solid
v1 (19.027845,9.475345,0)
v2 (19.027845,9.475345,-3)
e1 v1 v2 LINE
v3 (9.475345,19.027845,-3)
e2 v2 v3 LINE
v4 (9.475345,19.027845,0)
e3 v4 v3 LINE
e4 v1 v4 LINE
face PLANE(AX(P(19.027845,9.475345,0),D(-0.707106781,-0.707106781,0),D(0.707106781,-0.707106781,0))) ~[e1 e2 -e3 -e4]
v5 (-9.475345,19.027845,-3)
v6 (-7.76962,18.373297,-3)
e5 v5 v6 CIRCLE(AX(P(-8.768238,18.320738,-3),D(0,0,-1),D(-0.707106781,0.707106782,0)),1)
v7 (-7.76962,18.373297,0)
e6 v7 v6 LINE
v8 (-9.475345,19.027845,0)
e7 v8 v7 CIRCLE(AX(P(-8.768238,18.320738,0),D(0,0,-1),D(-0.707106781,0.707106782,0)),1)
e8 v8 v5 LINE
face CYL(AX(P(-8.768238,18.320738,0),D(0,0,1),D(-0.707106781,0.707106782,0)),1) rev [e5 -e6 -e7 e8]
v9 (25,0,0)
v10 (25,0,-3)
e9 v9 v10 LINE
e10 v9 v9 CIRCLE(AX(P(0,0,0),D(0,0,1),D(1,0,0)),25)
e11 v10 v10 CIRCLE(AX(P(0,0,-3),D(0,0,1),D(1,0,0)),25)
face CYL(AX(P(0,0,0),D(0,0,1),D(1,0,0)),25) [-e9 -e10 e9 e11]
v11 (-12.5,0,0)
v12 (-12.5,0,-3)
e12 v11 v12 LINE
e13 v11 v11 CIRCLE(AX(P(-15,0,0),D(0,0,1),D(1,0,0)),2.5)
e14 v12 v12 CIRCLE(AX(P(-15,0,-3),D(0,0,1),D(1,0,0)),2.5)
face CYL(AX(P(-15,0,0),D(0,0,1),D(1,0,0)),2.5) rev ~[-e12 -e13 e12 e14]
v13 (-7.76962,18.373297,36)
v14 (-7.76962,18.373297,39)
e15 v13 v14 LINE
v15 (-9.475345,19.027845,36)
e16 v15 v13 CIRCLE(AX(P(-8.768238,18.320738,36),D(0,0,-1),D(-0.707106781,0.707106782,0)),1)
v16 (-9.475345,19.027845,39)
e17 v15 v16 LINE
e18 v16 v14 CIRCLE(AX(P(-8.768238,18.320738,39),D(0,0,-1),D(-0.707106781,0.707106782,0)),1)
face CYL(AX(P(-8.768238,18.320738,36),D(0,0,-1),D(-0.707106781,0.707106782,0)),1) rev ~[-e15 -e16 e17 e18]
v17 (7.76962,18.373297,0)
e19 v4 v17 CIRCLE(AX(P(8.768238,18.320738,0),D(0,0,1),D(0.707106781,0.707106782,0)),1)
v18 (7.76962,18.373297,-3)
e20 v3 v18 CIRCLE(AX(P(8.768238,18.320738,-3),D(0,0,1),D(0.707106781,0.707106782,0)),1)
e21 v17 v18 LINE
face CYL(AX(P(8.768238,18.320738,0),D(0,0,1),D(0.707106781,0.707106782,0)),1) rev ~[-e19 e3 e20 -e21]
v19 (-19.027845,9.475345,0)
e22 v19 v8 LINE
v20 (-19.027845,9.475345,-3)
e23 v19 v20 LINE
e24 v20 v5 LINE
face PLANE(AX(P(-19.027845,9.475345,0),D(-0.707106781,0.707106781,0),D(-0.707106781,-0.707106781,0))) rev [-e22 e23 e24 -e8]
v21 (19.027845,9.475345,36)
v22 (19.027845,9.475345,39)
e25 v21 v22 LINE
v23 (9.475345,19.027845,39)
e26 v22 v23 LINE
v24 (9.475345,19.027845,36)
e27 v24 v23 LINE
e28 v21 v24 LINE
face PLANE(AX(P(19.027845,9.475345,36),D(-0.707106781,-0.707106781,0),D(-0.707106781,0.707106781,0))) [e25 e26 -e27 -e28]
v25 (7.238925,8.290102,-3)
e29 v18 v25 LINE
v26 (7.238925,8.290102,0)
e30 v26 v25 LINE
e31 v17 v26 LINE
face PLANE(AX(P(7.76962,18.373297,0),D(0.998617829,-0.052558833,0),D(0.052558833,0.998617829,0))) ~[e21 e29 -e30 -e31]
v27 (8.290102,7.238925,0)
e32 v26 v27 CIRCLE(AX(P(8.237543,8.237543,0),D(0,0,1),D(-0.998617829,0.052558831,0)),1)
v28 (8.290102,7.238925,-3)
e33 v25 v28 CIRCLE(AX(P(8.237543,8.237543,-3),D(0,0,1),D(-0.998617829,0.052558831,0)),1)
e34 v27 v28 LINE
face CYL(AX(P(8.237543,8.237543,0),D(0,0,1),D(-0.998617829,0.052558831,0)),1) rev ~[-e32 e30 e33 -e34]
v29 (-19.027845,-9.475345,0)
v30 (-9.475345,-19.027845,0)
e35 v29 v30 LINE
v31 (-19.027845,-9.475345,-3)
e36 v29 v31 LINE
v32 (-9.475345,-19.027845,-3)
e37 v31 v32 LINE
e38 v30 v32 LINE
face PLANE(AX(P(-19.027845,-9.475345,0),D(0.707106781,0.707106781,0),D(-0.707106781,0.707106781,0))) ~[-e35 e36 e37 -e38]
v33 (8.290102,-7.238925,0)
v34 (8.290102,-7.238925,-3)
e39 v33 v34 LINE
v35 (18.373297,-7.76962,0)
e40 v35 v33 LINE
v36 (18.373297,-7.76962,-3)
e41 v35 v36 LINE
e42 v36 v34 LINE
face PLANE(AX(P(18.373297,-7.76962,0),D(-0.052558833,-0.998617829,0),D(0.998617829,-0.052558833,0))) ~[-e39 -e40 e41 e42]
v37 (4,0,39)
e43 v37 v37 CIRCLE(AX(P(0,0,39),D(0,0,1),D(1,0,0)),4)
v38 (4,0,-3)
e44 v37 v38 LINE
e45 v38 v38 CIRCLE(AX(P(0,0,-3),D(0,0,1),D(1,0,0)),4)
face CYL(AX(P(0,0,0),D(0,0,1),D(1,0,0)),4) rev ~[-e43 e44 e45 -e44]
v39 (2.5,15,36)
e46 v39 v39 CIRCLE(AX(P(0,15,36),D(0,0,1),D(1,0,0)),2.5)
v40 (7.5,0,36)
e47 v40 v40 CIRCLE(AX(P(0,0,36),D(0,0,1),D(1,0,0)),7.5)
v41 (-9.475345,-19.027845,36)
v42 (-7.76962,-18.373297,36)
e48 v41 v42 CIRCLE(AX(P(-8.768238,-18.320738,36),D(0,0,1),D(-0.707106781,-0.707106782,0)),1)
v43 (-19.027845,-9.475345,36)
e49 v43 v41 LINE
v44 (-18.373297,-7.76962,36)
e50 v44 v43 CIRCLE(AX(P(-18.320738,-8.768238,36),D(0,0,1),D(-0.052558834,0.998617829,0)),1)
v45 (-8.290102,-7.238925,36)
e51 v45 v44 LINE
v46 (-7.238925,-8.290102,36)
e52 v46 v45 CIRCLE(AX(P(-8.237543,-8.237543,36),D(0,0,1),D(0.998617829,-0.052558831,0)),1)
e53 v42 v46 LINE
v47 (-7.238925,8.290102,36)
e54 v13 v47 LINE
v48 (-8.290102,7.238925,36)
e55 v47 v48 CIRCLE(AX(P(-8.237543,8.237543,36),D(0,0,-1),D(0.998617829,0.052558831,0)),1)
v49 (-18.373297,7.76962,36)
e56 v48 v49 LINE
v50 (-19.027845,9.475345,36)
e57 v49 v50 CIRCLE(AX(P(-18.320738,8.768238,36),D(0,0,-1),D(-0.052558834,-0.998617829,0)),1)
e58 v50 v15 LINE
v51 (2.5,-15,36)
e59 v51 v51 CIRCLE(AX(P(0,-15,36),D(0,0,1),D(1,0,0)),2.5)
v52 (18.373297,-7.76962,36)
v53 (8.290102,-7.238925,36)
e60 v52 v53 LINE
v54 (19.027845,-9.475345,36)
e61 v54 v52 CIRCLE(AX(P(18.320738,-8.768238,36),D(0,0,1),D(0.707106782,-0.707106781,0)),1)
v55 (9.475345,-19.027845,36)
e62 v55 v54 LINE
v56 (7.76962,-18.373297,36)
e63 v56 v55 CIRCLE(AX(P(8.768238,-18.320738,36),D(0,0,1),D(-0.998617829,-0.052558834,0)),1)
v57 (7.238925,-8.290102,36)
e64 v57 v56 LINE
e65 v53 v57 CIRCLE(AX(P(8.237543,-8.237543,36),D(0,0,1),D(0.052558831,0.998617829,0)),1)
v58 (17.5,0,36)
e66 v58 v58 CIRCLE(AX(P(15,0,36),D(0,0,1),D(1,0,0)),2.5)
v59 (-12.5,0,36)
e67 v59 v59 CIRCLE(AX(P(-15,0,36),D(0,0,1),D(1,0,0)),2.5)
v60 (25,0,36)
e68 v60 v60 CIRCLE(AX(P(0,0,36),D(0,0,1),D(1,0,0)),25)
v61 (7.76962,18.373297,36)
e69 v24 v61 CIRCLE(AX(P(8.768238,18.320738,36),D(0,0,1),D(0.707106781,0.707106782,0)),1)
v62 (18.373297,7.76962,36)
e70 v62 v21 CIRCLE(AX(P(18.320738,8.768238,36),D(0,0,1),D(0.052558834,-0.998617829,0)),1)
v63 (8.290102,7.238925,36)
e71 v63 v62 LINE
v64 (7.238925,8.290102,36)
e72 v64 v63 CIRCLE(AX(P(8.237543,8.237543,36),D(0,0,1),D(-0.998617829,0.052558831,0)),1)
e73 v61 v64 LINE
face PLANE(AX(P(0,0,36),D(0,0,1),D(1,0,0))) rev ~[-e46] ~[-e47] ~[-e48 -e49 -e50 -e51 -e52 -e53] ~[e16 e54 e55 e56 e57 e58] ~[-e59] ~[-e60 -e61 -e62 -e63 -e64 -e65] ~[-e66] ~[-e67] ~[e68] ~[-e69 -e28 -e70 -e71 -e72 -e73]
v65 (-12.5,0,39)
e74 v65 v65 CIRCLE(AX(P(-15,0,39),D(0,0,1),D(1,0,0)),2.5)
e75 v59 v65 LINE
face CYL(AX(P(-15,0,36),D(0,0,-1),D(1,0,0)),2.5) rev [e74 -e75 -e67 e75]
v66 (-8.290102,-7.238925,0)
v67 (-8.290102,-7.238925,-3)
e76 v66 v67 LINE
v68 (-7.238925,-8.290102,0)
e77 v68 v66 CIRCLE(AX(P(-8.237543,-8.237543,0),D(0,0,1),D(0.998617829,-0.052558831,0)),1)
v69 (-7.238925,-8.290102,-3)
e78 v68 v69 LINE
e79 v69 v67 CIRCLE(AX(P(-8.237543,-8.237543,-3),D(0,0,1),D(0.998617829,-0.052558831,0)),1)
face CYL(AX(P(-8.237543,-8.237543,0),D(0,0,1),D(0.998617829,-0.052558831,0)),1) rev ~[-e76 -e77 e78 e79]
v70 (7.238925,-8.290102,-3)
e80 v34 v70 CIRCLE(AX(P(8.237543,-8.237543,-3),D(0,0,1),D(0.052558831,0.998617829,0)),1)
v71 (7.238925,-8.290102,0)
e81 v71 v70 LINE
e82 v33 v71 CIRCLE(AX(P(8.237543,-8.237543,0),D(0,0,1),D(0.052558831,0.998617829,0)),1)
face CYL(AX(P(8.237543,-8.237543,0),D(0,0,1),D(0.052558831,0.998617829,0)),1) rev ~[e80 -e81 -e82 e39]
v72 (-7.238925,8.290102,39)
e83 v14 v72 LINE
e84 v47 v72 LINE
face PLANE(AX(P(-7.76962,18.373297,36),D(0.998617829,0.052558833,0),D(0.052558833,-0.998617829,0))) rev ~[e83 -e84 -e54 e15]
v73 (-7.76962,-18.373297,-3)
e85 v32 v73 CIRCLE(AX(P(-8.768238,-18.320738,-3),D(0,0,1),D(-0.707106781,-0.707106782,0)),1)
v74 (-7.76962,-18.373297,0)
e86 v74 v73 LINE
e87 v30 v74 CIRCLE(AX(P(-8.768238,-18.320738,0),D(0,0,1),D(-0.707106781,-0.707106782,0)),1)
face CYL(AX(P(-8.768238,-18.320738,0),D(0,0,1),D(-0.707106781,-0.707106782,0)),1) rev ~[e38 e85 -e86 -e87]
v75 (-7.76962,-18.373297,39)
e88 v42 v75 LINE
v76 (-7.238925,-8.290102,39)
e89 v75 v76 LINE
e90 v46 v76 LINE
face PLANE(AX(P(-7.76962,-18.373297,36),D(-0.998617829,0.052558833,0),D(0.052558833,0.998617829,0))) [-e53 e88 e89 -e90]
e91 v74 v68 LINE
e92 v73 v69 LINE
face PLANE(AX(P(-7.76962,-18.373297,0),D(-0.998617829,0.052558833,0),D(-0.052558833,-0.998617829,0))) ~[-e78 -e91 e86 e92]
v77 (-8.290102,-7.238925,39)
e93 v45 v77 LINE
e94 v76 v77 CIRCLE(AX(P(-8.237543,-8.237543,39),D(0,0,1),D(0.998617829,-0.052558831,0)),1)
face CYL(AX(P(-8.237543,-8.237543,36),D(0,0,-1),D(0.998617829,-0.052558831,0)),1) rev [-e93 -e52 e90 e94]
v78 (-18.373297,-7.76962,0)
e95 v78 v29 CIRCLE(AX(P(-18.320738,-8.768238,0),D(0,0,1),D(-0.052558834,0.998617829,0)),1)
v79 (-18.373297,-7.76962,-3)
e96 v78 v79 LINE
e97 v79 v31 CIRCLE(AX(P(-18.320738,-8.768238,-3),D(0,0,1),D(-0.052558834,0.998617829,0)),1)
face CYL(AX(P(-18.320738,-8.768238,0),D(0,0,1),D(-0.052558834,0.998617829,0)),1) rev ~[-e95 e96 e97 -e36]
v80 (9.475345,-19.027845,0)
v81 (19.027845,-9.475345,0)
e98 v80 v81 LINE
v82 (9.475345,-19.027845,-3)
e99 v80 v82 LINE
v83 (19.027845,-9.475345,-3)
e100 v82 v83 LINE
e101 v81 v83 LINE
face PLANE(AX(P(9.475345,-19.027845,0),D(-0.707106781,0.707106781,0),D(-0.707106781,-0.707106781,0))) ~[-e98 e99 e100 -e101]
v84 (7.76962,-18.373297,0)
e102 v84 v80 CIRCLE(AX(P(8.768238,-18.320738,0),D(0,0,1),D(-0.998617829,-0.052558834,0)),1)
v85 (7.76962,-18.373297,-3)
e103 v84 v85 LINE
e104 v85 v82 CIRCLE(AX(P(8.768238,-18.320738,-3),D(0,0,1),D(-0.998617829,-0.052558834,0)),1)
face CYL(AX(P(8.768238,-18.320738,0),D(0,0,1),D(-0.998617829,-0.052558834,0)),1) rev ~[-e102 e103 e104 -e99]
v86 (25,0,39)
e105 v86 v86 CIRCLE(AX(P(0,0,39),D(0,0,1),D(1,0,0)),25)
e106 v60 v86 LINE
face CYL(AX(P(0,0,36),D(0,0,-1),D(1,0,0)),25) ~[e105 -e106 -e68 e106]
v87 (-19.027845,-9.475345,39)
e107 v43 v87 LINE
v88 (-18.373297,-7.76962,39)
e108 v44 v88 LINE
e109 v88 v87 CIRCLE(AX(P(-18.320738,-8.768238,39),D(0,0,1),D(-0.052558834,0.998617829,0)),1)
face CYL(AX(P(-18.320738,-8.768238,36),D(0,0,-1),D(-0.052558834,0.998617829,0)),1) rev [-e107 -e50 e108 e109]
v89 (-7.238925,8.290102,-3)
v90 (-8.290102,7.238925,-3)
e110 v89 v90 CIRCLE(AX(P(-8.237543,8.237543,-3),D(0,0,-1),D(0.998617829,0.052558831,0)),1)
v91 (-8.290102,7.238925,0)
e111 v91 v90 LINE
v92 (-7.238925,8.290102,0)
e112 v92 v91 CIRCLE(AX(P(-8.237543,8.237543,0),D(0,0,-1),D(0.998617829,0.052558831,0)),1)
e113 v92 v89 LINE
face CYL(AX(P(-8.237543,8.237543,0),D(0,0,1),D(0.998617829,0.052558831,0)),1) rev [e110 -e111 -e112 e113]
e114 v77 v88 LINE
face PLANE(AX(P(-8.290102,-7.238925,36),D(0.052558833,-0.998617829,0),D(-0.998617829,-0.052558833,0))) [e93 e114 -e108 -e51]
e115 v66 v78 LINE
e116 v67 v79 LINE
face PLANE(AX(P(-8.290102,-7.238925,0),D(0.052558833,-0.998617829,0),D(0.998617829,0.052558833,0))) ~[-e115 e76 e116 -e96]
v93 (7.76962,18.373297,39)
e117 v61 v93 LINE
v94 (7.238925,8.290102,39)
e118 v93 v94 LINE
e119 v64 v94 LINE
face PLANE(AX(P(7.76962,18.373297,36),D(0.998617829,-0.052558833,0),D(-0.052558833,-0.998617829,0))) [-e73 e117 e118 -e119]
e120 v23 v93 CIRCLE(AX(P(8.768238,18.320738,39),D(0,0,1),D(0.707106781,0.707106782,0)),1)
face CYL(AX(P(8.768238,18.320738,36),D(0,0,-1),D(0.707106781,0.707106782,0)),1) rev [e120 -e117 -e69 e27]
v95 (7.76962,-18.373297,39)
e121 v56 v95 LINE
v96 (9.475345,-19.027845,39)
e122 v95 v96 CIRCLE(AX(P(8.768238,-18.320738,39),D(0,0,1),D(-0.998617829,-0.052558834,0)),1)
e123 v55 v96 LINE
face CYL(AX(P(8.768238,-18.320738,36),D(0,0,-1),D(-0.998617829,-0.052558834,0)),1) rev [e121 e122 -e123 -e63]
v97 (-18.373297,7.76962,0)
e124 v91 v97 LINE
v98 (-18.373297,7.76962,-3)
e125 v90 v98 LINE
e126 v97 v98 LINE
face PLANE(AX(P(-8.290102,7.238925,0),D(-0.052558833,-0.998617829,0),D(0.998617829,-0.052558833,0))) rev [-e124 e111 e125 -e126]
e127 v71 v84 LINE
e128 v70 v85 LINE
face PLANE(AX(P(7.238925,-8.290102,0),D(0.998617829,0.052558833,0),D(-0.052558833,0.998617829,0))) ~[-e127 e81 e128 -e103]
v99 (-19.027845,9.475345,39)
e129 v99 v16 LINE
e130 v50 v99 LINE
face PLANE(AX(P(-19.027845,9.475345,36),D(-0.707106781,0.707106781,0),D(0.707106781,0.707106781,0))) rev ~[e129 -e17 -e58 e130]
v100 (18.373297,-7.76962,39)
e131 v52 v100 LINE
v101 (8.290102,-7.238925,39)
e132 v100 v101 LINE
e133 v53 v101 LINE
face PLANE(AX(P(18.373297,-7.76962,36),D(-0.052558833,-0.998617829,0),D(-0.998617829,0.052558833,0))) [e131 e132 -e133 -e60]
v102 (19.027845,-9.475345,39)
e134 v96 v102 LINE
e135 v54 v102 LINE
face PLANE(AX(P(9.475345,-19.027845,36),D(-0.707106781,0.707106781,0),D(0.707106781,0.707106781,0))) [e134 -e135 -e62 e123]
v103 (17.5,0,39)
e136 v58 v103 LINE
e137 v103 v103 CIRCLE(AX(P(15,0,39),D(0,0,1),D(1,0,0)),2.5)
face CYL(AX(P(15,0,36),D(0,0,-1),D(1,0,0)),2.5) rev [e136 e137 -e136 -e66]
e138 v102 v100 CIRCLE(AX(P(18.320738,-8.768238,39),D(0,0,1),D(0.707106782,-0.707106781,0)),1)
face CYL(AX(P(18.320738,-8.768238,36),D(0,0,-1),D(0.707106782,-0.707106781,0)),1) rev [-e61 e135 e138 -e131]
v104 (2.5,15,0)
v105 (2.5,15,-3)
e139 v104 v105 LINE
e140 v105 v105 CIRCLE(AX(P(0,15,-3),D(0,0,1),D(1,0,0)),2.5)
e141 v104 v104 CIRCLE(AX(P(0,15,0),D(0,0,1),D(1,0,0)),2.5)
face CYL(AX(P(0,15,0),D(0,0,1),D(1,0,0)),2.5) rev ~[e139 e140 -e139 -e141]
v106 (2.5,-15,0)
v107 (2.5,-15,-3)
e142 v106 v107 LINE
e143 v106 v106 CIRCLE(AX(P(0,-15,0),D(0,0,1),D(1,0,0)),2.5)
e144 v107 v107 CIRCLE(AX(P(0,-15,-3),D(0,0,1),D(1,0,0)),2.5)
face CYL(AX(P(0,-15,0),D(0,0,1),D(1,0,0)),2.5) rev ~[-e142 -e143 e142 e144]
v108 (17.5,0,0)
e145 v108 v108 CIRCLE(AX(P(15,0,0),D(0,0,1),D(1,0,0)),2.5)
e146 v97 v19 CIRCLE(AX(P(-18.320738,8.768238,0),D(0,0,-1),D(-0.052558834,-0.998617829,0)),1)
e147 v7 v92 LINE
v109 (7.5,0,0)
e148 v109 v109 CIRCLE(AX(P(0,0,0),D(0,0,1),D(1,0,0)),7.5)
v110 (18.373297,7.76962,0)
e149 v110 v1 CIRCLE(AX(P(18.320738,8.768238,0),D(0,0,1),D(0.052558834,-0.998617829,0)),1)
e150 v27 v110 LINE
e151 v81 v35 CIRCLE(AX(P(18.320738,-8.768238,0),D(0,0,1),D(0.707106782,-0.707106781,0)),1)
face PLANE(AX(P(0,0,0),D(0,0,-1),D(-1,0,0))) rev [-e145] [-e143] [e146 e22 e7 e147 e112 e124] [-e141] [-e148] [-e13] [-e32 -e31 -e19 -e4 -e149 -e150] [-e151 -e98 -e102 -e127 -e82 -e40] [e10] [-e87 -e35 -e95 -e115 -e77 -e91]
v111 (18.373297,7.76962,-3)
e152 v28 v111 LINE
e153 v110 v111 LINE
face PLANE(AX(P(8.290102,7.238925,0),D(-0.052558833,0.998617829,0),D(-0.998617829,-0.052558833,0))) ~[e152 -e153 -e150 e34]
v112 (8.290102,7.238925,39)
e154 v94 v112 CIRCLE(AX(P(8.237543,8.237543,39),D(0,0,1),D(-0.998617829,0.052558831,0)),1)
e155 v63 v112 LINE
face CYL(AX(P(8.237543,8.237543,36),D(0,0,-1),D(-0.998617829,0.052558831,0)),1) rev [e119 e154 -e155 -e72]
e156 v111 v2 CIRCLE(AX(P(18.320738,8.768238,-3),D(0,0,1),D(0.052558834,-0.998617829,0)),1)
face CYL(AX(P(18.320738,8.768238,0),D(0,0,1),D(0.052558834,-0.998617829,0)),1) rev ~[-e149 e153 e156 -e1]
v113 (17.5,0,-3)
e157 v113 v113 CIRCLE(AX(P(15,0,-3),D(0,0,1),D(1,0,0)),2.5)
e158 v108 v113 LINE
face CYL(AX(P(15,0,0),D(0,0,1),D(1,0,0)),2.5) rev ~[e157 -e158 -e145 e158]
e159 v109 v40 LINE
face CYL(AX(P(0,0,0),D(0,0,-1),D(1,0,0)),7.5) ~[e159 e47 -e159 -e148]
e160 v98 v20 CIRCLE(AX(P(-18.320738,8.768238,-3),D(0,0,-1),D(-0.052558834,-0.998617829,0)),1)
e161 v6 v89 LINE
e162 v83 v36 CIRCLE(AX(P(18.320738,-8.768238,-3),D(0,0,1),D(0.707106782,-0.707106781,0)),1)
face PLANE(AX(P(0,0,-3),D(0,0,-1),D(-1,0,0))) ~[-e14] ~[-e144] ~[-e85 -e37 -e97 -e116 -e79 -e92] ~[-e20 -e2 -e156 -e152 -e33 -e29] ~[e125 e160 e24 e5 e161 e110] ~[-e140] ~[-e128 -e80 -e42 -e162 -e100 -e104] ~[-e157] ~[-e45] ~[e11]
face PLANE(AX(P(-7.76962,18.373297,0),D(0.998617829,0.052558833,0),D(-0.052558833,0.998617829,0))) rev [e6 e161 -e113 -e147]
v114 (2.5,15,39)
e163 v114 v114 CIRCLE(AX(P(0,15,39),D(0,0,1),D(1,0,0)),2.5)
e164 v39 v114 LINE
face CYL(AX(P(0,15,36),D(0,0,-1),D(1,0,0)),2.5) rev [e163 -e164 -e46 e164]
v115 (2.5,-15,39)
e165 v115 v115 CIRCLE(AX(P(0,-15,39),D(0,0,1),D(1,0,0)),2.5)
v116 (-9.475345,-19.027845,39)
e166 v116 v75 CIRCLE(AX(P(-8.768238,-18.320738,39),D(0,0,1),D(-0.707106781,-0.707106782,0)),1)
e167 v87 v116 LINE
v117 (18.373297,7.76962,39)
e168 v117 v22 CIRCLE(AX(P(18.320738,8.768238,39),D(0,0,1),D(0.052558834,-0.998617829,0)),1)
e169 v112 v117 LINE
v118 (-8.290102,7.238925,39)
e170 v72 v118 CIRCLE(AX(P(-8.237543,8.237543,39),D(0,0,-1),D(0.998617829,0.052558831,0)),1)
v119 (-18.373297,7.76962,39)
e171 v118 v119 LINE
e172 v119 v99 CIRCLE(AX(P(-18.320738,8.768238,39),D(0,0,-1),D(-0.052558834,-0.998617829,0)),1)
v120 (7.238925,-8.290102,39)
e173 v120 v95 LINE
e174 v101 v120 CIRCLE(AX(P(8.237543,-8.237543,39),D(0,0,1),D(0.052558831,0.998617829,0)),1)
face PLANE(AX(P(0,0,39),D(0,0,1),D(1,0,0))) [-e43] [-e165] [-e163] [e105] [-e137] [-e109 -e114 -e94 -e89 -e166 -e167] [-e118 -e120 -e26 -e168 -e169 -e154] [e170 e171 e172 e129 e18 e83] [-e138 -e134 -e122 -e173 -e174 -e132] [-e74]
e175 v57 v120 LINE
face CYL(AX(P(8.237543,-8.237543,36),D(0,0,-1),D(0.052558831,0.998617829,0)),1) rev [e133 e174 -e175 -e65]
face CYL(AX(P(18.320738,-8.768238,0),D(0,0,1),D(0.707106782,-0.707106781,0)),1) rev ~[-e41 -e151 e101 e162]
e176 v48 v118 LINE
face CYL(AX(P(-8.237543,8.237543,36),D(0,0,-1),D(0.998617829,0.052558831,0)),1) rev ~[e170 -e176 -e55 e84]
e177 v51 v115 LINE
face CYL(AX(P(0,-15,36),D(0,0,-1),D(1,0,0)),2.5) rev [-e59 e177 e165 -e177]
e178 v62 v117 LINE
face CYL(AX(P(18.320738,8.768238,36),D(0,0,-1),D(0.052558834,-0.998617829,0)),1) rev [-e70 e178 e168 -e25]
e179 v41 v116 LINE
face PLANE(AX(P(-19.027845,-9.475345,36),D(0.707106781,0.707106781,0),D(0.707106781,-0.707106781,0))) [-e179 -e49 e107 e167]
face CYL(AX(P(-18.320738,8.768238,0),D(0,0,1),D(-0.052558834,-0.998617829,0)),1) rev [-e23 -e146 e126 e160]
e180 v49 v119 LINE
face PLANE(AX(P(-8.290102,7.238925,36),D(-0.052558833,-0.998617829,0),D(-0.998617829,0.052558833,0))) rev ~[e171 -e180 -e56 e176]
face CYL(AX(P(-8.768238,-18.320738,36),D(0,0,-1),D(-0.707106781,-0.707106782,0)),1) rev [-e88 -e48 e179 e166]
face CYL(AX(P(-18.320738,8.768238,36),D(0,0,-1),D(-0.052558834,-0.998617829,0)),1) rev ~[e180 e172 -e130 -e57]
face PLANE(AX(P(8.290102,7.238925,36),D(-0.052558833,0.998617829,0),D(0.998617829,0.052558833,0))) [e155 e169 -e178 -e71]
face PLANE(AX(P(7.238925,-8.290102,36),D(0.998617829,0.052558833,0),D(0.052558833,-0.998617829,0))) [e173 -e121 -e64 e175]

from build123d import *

# Parameters (mm, degrees)
CROQUIS1_R              = 7.5
CROQUIS1_R_2            = 4
SALIENTE_EXTRUIR1_DEPTH = 36
CROQUIS2_R              = 25
CROQUIS2_R_2            = 4
CROQUIS2_R_3            = 2.5
SALIENTE_EXTRUIR2_DEPTH = 3


with BuildPart() as part:
    # Croquis1 → Saliente-Extruir1 (new body)
    with BuildSketch(Plane.XY):
        Circle(CROQUIS1_R)
        Circle(CROQUIS1_R_2, mode=Mode.SUBTRACT)
    extrude(amount=SALIENTE_EXTRUIR1_DEPTH)

    # Croquis2 → Saliente-Extruir2 (add)
    with BuildSketch(Plane.XY.offset(36)):
        Circle(CROQUIS2_R)
        Circle(CROQUIS2_R_2, mode=Mode.SUBTRACT)
        with Locations((0, 15)):
            Circle(CROQUIS2_R_3, mode=Mode.SUBTRACT)
        with Locations((15, 0)):
            Circle(CROQUIS2_R_3, mode=Mode.SUBTRACT)
        with Locations((0, -15)):
            Circle(CROQUIS2_R_3, mode=Mode.SUBTRACT)
        with Locations((-15, 0)):
            Circle(CROQUIS2_R_3, mode=Mode.SUBTRACT)
        with BuildLine():
            Line((-19.027844597, 9.475344501), (-9.475344501, 19.027844597))
            ThreePointArc((-9.475344501, 19.027844597), (-8.409973952, 19.254358227), (-7.76961989, 18.373296649))
            Line((-7.76961989, 18.373296649), (-7.23892544, 8.290102103))
            ThreePointArc((-7.23892544, 8.290102103), (-7.530436489, 7.530436489), (-8.290102103, 7.23892544))
            Line((-8.290102103, 7.23892544), (-18.373296649, 7.76961989))
            ThreePointArc((-18.373296649, 7.76961989), (-19.254358227, 8.409973952), (-19.027844597, 9.475344501))
        make_face(mode=Mode.SUBTRACT)
        with BuildLine():
            Line((7.76961989, 18.373296649), (7.23892544, 8.290102103))
            ThreePointArc((7.23892544, 8.290102103), (7.530436489, 7.530436489), (8.290102103, 7.23892544))
            Line((8.290102103, 7.23892544), (18.373296649, 7.76961989))
            ThreePointArc((18.373296649, 7.76961989), (19.254358227, 8.409973952), (19.027844597, 9.475344501))
            Line((19.027844597, 9.475344501), (9.475344501, 19.027844597))
            ThreePointArc((9.475344501, 19.027844597), (8.409973952, 19.254358227), (7.76961989, 18.373296649))
        make_face(mode=Mode.SUBTRACT)
        with BuildLine():
            Line((18.373296649, -7.76961989), (8.290102103, -7.23892544))
            ThreePointArc((8.290102103, -7.23892544), (7.530436489, -7.530436489), (7.23892544, -8.290102103))
            Line((7.23892544, -8.290102103), (7.76961989, -18.373296649))
            ThreePointArc((7.76961989, -18.373296649), (8.409973952, -19.254358227), (9.475344501, -19.027844597))
            Line((9.475344501, -19.027844597), (19.027844597, -9.475344501))
            ThreePointArc((19.027844597, -9.475344501), (19.254358227, -8.409973952), (18.373296649, -7.76961989))
        make_face(mode=Mode.SUBTRACT)
        with BuildLine():
            Line((-7.76961989, -18.373296649), (-7.23892544, -8.290102103))
            ThreePointArc((-7.23892544, -8.290102103), (-7.530436489, -7.530436489), (-8.290102103, -7.23892544))
            Line((-8.290102103, -7.23892544), (-18.373296649, -7.76961989))
            ThreePointArc((-18.373296649, -7.76961989), (-19.254358227, -8.409973952), (-19.027844597, -9.475344501))
            Line((-19.027844597, -9.475344501), (-9.475344501, -19.027844597))
            ThreePointArc((-9.475344501, -19.027844597), (-8.409973952, -19.254358227), (-7.76961989, -18.373296649))
        make_face(mode=Mode.SUBTRACT)
    saliente_extruir2 = extrude(amount=SALIENTE_EXTRUIR2_DEPTH)

    # Simetría1: Saliente-Extruir2 across plane
    add(saliente_extruir2.mirror(Plane(origin=(0, 0, 18), x_dir=(1, 0, 0), z_dir=(0, 0, -1))))


solid = part.part
